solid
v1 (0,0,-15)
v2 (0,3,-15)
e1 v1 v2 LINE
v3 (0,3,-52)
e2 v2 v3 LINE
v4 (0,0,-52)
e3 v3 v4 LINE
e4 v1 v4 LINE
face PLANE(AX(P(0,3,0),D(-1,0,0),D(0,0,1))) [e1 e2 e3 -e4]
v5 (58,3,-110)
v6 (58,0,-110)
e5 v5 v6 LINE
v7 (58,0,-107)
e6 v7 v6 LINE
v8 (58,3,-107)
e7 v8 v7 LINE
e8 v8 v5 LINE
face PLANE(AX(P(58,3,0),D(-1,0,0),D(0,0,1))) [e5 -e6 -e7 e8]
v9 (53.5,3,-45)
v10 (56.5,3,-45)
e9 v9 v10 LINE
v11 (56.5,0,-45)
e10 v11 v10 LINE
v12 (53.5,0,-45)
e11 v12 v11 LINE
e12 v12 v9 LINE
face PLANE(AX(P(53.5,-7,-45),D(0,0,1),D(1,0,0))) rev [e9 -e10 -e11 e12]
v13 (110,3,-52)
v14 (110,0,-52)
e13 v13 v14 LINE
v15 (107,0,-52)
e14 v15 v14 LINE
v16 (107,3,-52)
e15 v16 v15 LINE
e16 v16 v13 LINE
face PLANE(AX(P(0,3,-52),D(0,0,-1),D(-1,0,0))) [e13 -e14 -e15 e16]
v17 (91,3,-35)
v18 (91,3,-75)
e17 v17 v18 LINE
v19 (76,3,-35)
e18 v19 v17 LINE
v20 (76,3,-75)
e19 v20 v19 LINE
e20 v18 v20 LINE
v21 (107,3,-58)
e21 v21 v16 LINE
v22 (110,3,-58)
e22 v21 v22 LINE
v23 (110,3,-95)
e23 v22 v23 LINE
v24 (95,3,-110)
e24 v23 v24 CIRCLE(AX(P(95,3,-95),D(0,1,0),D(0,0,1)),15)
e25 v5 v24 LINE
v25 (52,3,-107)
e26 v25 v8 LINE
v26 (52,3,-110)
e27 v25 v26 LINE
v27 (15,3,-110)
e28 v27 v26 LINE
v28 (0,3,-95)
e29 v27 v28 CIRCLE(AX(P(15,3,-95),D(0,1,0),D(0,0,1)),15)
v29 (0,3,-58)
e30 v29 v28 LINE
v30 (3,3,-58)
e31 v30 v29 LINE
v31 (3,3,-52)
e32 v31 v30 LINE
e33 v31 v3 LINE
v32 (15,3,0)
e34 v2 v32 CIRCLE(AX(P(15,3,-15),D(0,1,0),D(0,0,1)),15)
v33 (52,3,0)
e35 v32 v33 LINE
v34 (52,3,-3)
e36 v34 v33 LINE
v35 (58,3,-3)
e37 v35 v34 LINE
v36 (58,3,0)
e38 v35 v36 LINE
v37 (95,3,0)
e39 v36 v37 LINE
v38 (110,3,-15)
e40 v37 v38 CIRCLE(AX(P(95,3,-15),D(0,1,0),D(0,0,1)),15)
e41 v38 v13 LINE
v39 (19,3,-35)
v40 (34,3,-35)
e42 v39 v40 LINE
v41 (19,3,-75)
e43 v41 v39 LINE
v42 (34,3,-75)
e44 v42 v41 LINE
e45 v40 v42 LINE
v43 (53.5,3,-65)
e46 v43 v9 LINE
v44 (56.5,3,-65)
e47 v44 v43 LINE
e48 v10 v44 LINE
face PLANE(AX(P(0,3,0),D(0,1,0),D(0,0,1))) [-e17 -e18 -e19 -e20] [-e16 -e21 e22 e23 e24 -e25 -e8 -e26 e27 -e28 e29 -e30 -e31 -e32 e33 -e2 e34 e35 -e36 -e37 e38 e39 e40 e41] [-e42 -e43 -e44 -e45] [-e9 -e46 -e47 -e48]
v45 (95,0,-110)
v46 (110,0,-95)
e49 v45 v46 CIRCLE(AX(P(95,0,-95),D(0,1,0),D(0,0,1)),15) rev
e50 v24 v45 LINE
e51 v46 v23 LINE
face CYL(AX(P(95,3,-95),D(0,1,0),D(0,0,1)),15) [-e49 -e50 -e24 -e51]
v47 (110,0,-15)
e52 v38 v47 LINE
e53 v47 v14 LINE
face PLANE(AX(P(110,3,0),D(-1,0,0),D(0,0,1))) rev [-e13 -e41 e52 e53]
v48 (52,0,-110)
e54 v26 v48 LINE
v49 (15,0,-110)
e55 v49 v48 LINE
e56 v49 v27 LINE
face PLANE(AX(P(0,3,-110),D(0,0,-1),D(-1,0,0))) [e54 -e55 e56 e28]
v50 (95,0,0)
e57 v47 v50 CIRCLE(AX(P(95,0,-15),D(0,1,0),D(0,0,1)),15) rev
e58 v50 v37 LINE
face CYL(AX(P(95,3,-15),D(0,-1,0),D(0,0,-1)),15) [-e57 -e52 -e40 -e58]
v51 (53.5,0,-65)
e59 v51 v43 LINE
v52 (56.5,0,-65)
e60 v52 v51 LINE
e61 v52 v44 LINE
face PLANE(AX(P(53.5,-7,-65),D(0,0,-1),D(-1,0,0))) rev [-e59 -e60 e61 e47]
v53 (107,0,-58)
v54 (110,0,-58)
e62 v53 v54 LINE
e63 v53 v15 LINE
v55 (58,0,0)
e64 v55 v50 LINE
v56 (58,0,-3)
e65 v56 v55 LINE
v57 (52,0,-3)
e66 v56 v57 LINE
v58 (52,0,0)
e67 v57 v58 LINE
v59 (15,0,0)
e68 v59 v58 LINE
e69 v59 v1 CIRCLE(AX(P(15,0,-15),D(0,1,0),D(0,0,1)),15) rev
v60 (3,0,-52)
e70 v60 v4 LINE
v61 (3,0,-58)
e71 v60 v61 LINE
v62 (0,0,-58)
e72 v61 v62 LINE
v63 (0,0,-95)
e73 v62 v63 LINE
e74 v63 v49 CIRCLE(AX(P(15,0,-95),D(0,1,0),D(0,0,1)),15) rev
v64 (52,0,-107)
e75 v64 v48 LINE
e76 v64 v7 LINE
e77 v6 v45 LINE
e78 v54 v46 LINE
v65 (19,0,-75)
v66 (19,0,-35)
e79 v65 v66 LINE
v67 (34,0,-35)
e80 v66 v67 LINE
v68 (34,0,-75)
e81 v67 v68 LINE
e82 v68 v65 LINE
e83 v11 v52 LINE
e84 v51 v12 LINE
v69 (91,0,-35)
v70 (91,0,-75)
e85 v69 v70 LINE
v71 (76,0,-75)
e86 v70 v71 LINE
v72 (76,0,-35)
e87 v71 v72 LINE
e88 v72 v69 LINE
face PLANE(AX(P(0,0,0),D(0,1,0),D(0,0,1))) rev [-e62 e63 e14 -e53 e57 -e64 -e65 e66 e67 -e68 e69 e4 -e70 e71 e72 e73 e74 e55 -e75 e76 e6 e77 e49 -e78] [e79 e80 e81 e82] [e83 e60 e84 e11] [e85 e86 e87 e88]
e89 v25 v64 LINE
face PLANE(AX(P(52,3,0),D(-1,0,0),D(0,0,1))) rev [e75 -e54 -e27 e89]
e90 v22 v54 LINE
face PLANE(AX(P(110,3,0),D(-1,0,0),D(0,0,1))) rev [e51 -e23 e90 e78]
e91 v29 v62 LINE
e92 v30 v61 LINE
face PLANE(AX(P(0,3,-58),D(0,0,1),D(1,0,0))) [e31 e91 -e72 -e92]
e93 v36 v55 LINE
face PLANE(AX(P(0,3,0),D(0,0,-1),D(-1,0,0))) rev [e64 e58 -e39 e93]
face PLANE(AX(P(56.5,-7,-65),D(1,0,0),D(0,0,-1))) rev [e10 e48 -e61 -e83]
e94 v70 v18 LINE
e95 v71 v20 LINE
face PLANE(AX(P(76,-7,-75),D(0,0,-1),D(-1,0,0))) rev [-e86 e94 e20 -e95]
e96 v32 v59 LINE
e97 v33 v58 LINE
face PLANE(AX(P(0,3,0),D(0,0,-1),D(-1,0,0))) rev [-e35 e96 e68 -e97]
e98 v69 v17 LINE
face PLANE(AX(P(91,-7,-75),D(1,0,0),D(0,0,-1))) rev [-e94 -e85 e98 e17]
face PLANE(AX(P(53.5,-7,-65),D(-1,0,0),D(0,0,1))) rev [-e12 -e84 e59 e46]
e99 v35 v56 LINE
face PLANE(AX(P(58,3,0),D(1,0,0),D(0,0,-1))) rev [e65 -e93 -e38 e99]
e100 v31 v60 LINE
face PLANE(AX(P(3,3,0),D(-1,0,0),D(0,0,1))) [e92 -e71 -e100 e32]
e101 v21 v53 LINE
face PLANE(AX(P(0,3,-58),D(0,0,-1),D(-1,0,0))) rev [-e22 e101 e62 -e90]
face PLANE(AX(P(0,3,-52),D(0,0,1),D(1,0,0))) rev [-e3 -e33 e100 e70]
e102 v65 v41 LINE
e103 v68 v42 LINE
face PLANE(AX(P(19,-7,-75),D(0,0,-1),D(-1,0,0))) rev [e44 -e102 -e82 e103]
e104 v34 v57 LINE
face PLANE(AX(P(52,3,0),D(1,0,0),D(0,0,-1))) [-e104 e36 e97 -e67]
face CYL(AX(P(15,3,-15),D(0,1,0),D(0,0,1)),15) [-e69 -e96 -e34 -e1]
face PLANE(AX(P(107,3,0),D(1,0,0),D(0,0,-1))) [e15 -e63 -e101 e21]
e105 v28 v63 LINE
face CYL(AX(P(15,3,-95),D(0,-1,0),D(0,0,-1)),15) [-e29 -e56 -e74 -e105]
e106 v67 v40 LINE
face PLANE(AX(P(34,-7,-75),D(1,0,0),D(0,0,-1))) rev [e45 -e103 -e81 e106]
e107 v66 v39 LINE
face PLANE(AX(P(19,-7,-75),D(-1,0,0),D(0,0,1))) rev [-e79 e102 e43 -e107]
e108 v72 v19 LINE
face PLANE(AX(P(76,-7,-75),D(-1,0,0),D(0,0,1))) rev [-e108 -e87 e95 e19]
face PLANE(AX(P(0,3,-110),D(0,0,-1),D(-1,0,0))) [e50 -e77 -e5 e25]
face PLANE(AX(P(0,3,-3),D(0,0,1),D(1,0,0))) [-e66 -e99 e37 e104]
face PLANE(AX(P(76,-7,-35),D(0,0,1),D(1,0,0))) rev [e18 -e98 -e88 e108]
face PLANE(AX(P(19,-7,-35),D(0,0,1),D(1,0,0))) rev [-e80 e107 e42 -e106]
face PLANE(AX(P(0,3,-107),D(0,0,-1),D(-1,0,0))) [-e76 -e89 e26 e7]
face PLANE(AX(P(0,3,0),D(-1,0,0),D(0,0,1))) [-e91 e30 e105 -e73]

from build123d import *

# Parameters (mm, degrees)
EXTRUDE_3_DEPTH    = 3
FILLET1_R          = 15
SKETCH1_W          = 15
SKETCH1_H          = 40
SKETCH1_W_2        = 3
SKETCH1_H_2        = 20
CUT_EXTRUDE1_DEPTH = 10


with BuildPart() as part:
    # Эскиз4 → Бобышка-Вытянуть3 (new body)
    with BuildSketch(Plane(origin=(0, 0, 0), x_dir=(1, 0, 0), z_dir=(0, 1, 0))):
        Polygon((0, 52), (0, 0), (52, 0), (52, 3), (55, 3), (58, 3), (58, 0), (110, 0), (110, 52), (107, 52), (107, 55), (107, 58), (110, 58), (110, 110), (58, 110), (58, 107), (55, 107), (52, 107), (52, 110), (0, 110), (0, 58), (3, 58), (3, 55), (3, 52), align=None)
    extrude(amount=EXTRUDE_3_DEPTH)

    # Fillet1
    fillet1_edges = [part.edges().sort_by_distance(p)[0] for p in [
        (110, 1.5, 0),
        (0, 1.5, 0),
        (0, 1.5, -110),
        (110, 1.5, -110),
    ]]
    fillet(fillet1_edges, radius=FILLET1_R)

    # Sketch1 → Cut-Extrude1 (cut)
    with BuildSketch(Plane(origin=(0, 3, 0), x_dir=(1, 0, 0), z_dir=(0, 1, 0))):
        with Locations((26.5, 55)):
            Rectangle(SKETCH1_W, SKETCH1_H)
        with Locations((55, 55)):
            Rectangle(SKETCH1_W_2, SKETCH1_H_2)
        with Locations((83.5, 55)):
            Rectangle(SKETCH1_W, SKETCH1_H)
    extrude(amount=-CUT_EXTRUDE1_DEPTH, mode=Mode.SUBTRACT)


solid = part.part
